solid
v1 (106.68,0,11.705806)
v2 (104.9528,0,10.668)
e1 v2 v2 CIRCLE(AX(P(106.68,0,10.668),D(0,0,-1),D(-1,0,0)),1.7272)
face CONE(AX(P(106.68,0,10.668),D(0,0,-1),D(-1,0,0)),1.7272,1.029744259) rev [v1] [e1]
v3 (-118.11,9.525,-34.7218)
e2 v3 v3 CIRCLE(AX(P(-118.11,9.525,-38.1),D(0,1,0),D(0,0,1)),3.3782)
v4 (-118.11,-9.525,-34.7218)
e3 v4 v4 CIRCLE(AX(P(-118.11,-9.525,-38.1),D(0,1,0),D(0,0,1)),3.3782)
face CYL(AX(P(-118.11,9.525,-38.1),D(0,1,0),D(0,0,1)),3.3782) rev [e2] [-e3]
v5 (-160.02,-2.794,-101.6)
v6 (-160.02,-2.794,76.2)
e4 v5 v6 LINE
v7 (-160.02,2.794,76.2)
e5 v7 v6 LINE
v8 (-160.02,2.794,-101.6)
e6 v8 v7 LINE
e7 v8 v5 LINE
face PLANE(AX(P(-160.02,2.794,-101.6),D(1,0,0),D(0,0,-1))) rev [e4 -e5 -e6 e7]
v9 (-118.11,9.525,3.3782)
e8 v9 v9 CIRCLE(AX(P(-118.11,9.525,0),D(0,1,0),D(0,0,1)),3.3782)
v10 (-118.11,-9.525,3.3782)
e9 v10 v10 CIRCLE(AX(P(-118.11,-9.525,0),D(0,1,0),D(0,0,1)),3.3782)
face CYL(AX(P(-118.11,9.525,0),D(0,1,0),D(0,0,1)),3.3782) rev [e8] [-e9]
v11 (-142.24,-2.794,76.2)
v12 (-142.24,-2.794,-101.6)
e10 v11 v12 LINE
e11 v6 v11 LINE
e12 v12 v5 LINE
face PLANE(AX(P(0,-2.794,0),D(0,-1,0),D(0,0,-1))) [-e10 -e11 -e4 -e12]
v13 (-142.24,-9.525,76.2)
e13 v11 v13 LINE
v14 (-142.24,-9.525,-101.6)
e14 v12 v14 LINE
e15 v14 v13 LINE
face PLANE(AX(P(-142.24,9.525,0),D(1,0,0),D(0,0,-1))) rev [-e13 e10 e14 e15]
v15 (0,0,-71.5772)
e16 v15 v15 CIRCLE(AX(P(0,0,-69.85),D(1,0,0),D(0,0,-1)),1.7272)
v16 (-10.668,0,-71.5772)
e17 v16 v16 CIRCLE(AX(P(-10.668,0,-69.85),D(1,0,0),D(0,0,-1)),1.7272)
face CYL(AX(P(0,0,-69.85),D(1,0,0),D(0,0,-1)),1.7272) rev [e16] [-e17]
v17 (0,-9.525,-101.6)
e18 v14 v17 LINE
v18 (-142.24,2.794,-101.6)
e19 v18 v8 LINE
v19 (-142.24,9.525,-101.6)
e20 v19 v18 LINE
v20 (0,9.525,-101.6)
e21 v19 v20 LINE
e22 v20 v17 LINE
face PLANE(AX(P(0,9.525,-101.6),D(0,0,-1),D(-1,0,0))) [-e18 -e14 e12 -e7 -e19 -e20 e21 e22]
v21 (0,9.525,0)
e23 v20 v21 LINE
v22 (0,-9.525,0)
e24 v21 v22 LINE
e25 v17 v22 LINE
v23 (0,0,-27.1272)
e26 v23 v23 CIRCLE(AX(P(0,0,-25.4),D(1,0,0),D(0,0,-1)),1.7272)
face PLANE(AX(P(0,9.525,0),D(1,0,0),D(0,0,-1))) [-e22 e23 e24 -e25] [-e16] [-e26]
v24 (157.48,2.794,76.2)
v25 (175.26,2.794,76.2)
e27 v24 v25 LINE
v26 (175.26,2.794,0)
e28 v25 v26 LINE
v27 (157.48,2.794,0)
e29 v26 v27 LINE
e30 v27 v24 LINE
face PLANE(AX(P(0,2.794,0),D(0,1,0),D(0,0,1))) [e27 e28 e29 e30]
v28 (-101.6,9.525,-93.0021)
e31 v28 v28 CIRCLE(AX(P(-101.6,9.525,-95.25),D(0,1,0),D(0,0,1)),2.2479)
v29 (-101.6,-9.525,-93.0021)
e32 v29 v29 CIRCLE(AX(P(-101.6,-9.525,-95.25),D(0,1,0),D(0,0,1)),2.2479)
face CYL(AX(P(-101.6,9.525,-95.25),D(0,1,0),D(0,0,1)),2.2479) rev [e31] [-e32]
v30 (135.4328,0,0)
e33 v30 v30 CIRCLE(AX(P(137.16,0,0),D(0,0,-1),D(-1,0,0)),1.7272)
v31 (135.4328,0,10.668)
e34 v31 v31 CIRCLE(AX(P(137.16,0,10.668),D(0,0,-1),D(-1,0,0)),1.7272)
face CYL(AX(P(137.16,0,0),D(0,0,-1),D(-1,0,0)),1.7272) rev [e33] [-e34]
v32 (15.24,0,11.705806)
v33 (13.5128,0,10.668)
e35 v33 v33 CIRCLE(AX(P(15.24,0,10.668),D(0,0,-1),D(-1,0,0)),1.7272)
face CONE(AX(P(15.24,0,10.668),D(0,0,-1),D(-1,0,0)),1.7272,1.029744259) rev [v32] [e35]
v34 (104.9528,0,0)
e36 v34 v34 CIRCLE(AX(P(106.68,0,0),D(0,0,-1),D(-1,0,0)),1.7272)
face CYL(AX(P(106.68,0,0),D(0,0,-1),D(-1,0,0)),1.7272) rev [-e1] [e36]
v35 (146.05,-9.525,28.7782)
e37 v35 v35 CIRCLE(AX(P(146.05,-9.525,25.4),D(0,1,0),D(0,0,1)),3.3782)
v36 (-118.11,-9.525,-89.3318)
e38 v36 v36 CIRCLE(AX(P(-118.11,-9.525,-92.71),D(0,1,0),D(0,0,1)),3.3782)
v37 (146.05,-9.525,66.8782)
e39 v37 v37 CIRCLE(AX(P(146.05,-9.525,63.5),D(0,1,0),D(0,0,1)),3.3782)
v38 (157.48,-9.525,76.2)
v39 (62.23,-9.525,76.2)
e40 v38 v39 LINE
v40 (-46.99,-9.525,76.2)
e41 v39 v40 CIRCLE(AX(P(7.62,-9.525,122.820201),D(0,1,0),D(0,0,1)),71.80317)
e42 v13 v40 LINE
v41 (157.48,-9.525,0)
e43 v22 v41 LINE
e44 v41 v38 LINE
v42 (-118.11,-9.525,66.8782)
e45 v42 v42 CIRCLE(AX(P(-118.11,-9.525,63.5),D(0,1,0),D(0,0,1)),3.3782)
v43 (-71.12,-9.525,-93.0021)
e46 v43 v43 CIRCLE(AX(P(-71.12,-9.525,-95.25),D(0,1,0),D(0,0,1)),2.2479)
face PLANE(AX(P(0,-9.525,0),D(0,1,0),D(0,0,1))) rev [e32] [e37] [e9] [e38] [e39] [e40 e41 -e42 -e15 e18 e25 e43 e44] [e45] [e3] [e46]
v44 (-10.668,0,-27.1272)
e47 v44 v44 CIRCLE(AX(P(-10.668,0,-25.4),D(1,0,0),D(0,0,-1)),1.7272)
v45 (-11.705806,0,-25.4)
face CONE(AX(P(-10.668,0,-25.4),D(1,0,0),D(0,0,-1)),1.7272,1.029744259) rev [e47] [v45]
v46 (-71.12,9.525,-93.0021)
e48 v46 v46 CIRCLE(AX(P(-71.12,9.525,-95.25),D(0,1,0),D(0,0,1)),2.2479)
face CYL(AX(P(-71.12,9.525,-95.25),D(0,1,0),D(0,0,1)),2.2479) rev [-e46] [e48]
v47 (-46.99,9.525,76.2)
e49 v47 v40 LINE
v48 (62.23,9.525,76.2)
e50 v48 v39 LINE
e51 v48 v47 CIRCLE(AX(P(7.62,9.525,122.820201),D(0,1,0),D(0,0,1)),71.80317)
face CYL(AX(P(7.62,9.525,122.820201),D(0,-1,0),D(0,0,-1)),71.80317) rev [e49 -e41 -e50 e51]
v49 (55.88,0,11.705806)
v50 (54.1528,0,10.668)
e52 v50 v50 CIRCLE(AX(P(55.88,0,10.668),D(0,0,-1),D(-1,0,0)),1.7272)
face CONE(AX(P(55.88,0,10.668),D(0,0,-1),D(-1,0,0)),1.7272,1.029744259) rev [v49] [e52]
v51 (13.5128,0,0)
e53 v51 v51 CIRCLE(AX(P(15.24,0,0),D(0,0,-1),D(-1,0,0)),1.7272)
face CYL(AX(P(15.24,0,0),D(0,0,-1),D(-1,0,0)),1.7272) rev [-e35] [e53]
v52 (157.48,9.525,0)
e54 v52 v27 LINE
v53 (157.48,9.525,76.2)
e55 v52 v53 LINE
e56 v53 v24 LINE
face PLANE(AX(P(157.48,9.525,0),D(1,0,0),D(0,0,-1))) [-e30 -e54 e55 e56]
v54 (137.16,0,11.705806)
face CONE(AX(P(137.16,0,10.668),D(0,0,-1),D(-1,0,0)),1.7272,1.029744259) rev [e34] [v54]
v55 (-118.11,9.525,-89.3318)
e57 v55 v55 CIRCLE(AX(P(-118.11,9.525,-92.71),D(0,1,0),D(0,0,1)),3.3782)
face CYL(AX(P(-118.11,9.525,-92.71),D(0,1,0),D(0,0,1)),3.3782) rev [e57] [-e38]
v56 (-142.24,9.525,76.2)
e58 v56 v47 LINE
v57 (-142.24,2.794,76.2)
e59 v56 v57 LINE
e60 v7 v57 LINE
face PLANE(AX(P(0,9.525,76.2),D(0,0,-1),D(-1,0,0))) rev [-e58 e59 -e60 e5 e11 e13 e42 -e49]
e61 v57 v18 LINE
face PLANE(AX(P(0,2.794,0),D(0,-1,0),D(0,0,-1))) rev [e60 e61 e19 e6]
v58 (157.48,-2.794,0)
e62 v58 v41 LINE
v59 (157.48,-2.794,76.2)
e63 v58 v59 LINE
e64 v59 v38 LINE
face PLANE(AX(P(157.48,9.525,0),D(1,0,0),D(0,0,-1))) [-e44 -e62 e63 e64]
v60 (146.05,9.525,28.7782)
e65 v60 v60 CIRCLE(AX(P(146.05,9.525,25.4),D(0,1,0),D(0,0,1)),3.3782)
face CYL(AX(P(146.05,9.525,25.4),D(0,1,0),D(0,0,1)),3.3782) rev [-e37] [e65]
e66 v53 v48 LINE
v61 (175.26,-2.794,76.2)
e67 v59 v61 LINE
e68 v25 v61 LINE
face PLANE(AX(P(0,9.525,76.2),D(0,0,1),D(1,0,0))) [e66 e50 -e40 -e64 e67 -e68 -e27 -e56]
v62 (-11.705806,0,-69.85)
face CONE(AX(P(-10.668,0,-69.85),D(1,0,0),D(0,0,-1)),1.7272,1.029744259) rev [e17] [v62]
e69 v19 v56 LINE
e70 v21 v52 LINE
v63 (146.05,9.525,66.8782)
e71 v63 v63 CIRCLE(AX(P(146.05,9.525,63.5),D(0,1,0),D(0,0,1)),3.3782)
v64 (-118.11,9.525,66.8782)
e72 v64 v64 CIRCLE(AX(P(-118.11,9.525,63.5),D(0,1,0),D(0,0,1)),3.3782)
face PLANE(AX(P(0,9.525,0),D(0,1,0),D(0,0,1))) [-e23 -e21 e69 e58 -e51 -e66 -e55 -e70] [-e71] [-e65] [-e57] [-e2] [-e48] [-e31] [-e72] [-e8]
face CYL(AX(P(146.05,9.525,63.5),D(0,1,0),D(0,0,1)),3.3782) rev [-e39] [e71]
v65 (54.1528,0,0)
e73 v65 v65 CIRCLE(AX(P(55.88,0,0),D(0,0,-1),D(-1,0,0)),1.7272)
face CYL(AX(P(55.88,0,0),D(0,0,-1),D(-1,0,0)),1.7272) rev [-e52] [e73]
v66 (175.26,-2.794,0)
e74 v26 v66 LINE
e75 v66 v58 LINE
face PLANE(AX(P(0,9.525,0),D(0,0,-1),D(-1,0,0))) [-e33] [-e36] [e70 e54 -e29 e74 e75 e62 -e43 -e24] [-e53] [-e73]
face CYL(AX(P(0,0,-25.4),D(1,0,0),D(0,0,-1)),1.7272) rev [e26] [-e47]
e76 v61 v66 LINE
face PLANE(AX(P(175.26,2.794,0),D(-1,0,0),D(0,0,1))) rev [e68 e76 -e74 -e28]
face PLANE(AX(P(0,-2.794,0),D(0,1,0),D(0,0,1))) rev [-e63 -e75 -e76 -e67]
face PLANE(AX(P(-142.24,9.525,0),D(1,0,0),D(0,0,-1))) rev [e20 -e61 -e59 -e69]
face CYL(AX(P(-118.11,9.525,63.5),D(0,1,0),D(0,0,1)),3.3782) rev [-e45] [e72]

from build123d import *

# Parameters (mm, degrees)
BOSS_EXTRUDE1_DEPTH       = 9.525
SKETCH2_W                 = 17.78
SKETCH2_H                 = 177.8
SKETCH2_H_2               = 76.2
BOSS_EXTRUDE2_DEPTH       = 2.794
F_1_4_CLEARANCE_HOLE1_D   = 6.7564
F_8_CLEARANCE_HOLE1_D     = 4.4958
F_1_4_CLEARANCE_HOLE2_D   = 6.7564
F_8_32_TAPPED_HOLE1_D     = 3.4544
F_8_32_TAPPED_HOLE1_DEPTH = 10.668
F_8_32_TAPPED_HOLE1_TIP   = 1.037806461
F_8_32_TAPPED_HOLE2_D     = 3.4544
F_8_32_TAPPED_HOLE2_DEPTH = 10.668
F_8_32_TAPPED_HOLE2_TIP   = 1.037806461


with BuildPart() as part:
    # Sketch1 → Boss-Extrude1 (new, symmetric)
    with BuildSketch(Plane(origin=(0, 0, 0), x_dir=(1, 0, 0), z_dir=(0, 1, 0))):
        with BuildLine():
            Line((0, 101.6), (-142.24, 101.6))
            Line((-142.24, 101.6), (-142.24, -76.2))
            Line((-142.24, -76.2), (-46.99, -76.2))
            ThreePointArc((-46.99, -76.2), (7.62, -51.017030863), (62.23, -76.2))
            Line((62.23, -76.2), (157.48, -76.2))
            Line((157.48, -76.2), (157.48, 0))
            Line((157.48, 0), (0, 0))
            Line((0, 0), (0, 101.6))
        make_face()
    extrude(amount=BOSS_EXTRUDE1_DEPTH, both=True)

    # Sketch2 → Boss-Extrude2 (add, symmetric)
    with BuildSketch(Plane(origin=(0, 0, 0), x_dir=(1, 0, 0), z_dir=(0, 1, 0))):
        with Locations((-151.13, 12.7)):
            Rectangle(SKETCH2_W, SKETCH2_H)
        with Locations((166.37, -38.1)):
            Rectangle(SKETCH2_W, SKETCH2_H_2)
    extrude(amount=BOSS_EXTRUDE2_DEPTH, both=True)

    # 1/4 Clearance Hole1 (through all)
    with Locations(Plane(origin=(0, 9.525, 0), x_dir=(1, 0, 0), z_dir=(0, 1, 0))):
        with Locations((-118.11, 92.71), (-118.11, 38.1), (-118.11, 0), (-118.11, -63.5)):
            Hole(F_1_4_CLEARANCE_HOLE1_D / 2)

    # #8 Clearance Hole1 (through all)
    with Locations(Plane(origin=(0, 9.525, 0), x_dir=(1, 0, 0), z_dir=(0, 1, 0))):
        with Locations((-101.6, 95.25), (-71.12, 95.25)):
            Hole(F_8_CLEARANCE_HOLE1_D / 2)

    # 1/4 Clearance Hole2 (through all)
    with Locations(Plane(origin=(0, 9.525, 0), x_dir=(1, 0, 0), z_dir=(0, 1, 0))):
        with Locations((146.05, -25.4), (146.05, -63.5)):
            Hole(F_1_4_CLEARANCE_HOLE2_D / 2)

    # #8-32 Tapped Hole1
    with Locations(Plane(origin=(0, 0, 0), x_dir=(-1, 0, 0), z_dir=(0, 0, -1))):
        with Locations((-137.16, 0), (-106.68, 0), (-55.88, 0), (-15.24, 0)):
            Hole(F_8_32_TAPPED_HOLE1_D / 2, depth=F_8_32_TAPPED_HOLE1_DEPTH)
            with Locations((0, 0, -(F_8_32_TAPPED_HOLE1_DEPTH + F_8_32_TAPPED_HOLE1_TIP / 2))):  # 118° drill point
                Cone(0, F_8_32_TAPPED_HOLE1_D / 2, F_8_32_TAPPED_HOLE1_TIP, mode=Mode.SUBTRACT)

    # #8-32 Tapped Hole2
    with Locations(Plane(origin=(0, 0, 0), x_dir=(0, 0, -1), z_dir=(1, 0, 0))):
        with Locations((69.85, 0), (25.4, 0)):
            Hole(F_8_32_TAPPED_HOLE2_D / 2, depth=F_8_32_TAPPED_HOLE2_DEPTH)
            with Locations((0, 0, -(F_8_32_TAPPED_HOLE2_DEPTH + F_8_32_TAPPED_HOLE2_TIP / 2))):  # 118° drill point
                Cone(0, F_8_32_TAPPED_HOLE2_D / 2, F_8_32_TAPPED_HOLE2_TIP, mode=Mode.SUBTRACT)


solid = part.part
